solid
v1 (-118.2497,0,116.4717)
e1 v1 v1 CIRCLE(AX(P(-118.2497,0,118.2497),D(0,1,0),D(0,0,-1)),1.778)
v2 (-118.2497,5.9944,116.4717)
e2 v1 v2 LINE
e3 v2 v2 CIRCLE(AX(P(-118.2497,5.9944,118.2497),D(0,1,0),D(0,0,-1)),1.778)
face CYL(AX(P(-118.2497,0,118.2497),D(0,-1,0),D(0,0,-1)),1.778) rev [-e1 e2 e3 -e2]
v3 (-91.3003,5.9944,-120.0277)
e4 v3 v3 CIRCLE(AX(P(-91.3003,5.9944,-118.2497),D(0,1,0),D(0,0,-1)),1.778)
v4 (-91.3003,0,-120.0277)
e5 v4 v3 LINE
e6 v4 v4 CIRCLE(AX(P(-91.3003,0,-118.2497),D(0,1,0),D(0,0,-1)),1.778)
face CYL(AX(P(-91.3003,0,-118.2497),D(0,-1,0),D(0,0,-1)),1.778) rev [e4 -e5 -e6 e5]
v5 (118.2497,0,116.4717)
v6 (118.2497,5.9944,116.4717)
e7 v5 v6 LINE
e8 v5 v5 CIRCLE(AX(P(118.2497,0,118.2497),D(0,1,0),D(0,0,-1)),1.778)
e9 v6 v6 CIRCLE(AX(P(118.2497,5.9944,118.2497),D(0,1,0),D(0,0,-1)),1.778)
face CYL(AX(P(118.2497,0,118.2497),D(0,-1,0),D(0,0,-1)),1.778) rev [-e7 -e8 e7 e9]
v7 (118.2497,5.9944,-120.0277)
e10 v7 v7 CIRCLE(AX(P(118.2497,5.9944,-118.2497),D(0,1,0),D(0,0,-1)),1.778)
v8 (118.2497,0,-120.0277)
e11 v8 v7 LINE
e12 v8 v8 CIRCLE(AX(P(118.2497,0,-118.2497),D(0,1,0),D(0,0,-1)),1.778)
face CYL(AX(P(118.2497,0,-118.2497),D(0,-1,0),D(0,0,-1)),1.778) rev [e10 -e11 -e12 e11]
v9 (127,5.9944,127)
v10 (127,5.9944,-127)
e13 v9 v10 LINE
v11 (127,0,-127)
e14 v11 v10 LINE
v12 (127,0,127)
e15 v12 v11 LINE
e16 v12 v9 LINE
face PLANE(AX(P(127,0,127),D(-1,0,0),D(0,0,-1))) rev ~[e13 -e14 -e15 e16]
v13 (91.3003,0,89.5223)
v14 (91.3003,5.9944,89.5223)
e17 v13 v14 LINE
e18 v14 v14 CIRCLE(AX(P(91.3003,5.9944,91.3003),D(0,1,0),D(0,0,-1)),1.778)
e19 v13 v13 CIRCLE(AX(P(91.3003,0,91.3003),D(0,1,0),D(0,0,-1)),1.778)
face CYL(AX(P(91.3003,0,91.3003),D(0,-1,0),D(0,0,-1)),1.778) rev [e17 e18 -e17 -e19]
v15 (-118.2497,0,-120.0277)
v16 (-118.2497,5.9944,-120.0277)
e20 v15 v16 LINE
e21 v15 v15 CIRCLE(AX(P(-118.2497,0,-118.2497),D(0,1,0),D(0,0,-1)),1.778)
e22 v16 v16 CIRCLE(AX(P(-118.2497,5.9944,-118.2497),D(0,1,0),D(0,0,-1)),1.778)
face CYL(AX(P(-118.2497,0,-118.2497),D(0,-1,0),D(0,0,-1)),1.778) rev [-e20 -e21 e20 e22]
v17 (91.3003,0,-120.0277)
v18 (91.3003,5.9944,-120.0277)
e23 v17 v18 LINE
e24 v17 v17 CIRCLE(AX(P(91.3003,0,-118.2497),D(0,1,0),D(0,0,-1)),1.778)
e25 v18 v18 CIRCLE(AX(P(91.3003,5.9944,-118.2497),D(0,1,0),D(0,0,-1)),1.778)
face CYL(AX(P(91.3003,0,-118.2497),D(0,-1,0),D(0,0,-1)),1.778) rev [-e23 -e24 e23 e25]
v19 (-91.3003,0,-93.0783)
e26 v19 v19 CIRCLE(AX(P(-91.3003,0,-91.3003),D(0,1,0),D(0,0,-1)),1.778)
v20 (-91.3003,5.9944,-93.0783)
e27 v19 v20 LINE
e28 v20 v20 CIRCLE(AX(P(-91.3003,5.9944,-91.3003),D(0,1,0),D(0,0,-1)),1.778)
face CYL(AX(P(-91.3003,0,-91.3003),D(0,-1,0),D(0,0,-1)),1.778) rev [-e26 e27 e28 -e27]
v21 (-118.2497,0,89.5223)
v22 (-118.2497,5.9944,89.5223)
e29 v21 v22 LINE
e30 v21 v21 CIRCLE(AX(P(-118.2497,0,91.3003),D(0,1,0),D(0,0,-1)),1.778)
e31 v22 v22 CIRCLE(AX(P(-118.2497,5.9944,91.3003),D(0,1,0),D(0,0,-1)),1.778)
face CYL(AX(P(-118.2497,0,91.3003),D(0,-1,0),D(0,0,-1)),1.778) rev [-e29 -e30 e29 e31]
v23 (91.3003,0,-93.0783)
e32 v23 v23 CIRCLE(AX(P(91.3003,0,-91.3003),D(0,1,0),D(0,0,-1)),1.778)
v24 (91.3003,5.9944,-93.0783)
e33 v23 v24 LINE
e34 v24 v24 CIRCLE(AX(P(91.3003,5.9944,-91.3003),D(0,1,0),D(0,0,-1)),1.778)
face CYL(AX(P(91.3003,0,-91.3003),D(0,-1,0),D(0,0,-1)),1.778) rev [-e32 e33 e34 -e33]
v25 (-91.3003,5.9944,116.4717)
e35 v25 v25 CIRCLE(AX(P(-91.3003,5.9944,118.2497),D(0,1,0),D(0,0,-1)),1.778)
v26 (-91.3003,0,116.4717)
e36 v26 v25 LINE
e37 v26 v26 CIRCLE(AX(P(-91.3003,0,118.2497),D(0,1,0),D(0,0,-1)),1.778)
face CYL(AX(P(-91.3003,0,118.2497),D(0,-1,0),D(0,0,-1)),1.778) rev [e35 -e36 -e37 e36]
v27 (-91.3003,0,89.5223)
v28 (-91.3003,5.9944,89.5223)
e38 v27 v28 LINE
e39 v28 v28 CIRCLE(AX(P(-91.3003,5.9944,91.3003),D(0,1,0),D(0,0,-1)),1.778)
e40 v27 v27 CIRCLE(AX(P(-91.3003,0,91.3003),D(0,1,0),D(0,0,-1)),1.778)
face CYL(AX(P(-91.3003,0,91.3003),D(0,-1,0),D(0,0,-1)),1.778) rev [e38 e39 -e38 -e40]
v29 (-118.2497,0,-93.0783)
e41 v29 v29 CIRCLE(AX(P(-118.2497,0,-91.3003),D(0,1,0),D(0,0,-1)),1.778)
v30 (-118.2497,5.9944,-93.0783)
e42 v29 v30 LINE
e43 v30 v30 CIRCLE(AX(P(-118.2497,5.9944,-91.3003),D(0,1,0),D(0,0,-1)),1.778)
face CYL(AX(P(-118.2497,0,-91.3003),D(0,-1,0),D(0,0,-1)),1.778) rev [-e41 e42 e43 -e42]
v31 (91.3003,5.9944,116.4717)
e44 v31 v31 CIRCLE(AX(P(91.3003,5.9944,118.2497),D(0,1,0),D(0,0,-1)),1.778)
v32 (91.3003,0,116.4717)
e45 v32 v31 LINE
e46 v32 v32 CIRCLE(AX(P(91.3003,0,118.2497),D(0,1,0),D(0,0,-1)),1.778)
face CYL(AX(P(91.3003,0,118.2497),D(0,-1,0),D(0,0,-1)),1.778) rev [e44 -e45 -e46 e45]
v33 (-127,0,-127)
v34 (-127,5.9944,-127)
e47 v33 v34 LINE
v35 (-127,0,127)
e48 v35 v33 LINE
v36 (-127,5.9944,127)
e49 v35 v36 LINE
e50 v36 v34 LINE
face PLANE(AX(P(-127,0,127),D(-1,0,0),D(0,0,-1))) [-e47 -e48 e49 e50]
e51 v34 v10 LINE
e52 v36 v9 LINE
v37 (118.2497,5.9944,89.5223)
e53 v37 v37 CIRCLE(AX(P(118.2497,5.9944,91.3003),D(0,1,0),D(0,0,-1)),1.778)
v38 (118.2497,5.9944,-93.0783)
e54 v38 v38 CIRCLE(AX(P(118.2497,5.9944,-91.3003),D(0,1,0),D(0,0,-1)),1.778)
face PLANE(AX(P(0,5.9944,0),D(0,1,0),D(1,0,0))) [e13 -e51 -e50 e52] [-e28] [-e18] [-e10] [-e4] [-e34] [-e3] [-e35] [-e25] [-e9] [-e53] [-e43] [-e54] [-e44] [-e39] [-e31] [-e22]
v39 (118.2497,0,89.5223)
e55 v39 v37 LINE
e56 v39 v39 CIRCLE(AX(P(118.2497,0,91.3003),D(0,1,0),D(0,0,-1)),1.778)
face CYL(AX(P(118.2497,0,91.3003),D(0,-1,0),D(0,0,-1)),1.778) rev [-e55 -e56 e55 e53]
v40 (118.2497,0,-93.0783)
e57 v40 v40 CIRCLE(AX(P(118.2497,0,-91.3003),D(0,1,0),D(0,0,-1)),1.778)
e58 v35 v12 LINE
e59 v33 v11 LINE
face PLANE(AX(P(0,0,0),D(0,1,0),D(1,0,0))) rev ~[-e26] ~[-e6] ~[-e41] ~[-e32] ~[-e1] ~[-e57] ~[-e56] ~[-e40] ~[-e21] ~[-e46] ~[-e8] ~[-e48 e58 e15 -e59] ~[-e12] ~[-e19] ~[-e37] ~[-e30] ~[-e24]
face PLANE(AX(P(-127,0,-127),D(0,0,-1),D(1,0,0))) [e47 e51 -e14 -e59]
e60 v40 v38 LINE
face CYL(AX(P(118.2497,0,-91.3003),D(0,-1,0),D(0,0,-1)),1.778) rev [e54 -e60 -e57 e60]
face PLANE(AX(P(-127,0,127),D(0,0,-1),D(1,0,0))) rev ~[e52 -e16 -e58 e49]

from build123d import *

# Parameters (mm, degrees)
SKETCH1_W           = 254
SKETCH1_H           = 254
SKETCH1_R           = 1.778
BOSS_EXTRUDE1_DEPTH = 5.9944


with BuildPart() as part:
    # Sketch1 → Boss-Extrude1 (new body)
    with BuildSketch(Plane(origin=(0, 0, 0), x_dir=(1, 0, 0), z_dir=(0, 1, 0))):
        Rectangle(SKETCH1_W, SKETCH1_H)
        with Locations(Location((-118.2497, -118.2497, 0), (0, 0, 90))):
            Circle(SKETCH1_R, mode=Mode.SUBTRACT)
        with Locations(Location((-91.3003, -118.2497, 0), (0, 0, 90))):
            Circle(SKETCH1_R, mode=Mode.SUBTRACT)
        with Locations(Location((-118.2497, -91.3003, 0), (0, 0, 90))):
            Circle(SKETCH1_R, mode=Mode.SUBTRACT)
        with Locations(Location((-91.3003, -91.3003, 0), (0, 0, 90))):
            Circle(SKETCH1_R, mode=Mode.SUBTRACT)
        with Locations(Location((91.3003, -118.2497, 0), (0, 0, 90))):
            Circle(SKETCH1_R, mode=Mode.SUBTRACT)
        with Locations(Location((118.2497, -118.2497, 0), (0, 0, 90))):
            Circle(SKETCH1_R, mode=Mode.SUBTRACT)
        with Locations(Location((91.3003, -91.3003, 0), (0, 0, 90))):
            Circle(SKETCH1_R, mode=Mode.SUBTRACT)
        with Locations(Location((118.2497, -91.3003, 0), (0, 0, 90))):
            Circle(SKETCH1_R, mode=Mode.SUBTRACT)
        with Locations(Location((91.3003, 91.3003, 0), (0, 0, 90))):
            Circle(SKETCH1_R, mode=Mode.SUBTRACT)
        with Locations(Location((118.2497, 91.3003, 0), (0, 0, 90))):
            Circle(SKETCH1_R, mode=Mode.SUBTRACT)
        with Locations(Location((91.3003, 118.2497, 0), (0, 0, 90))):
            Circle(SKETCH1_R, mode=Mode.SUBTRACT)
        with Locations(Location((118.2497, 118.2497, 0), (0, 0, 90))):
            Circle(SKETCH1_R, mode=Mode.SUBTRACT)
        with Locations(Location((-118.2497, 91.3003, 0), (0, 0, 90))):
            Circle(SKETCH1_R, mode=Mode.SUBTRACT)
        with Locations(Location((-91.3003, 91.3003, 0), (0, 0, 90))):
            Circle(SKETCH1_R, mode=Mode.SUBTRACT)
        with Locations(Location((-118.2497, 118.2497, 0), (0, 0, 90))):
            Circle(SKETCH1_R, mode=Mode.SUBTRACT)
        with Locations(Location((-91.3003, 118.2497, 0), (0, 0, 90))):
            Circle(SKETCH1_R, mode=Mode.SUBTRACT)
    extrude(amount=BOSS_EXTRUDE1_DEPTH)


solid = part.part
